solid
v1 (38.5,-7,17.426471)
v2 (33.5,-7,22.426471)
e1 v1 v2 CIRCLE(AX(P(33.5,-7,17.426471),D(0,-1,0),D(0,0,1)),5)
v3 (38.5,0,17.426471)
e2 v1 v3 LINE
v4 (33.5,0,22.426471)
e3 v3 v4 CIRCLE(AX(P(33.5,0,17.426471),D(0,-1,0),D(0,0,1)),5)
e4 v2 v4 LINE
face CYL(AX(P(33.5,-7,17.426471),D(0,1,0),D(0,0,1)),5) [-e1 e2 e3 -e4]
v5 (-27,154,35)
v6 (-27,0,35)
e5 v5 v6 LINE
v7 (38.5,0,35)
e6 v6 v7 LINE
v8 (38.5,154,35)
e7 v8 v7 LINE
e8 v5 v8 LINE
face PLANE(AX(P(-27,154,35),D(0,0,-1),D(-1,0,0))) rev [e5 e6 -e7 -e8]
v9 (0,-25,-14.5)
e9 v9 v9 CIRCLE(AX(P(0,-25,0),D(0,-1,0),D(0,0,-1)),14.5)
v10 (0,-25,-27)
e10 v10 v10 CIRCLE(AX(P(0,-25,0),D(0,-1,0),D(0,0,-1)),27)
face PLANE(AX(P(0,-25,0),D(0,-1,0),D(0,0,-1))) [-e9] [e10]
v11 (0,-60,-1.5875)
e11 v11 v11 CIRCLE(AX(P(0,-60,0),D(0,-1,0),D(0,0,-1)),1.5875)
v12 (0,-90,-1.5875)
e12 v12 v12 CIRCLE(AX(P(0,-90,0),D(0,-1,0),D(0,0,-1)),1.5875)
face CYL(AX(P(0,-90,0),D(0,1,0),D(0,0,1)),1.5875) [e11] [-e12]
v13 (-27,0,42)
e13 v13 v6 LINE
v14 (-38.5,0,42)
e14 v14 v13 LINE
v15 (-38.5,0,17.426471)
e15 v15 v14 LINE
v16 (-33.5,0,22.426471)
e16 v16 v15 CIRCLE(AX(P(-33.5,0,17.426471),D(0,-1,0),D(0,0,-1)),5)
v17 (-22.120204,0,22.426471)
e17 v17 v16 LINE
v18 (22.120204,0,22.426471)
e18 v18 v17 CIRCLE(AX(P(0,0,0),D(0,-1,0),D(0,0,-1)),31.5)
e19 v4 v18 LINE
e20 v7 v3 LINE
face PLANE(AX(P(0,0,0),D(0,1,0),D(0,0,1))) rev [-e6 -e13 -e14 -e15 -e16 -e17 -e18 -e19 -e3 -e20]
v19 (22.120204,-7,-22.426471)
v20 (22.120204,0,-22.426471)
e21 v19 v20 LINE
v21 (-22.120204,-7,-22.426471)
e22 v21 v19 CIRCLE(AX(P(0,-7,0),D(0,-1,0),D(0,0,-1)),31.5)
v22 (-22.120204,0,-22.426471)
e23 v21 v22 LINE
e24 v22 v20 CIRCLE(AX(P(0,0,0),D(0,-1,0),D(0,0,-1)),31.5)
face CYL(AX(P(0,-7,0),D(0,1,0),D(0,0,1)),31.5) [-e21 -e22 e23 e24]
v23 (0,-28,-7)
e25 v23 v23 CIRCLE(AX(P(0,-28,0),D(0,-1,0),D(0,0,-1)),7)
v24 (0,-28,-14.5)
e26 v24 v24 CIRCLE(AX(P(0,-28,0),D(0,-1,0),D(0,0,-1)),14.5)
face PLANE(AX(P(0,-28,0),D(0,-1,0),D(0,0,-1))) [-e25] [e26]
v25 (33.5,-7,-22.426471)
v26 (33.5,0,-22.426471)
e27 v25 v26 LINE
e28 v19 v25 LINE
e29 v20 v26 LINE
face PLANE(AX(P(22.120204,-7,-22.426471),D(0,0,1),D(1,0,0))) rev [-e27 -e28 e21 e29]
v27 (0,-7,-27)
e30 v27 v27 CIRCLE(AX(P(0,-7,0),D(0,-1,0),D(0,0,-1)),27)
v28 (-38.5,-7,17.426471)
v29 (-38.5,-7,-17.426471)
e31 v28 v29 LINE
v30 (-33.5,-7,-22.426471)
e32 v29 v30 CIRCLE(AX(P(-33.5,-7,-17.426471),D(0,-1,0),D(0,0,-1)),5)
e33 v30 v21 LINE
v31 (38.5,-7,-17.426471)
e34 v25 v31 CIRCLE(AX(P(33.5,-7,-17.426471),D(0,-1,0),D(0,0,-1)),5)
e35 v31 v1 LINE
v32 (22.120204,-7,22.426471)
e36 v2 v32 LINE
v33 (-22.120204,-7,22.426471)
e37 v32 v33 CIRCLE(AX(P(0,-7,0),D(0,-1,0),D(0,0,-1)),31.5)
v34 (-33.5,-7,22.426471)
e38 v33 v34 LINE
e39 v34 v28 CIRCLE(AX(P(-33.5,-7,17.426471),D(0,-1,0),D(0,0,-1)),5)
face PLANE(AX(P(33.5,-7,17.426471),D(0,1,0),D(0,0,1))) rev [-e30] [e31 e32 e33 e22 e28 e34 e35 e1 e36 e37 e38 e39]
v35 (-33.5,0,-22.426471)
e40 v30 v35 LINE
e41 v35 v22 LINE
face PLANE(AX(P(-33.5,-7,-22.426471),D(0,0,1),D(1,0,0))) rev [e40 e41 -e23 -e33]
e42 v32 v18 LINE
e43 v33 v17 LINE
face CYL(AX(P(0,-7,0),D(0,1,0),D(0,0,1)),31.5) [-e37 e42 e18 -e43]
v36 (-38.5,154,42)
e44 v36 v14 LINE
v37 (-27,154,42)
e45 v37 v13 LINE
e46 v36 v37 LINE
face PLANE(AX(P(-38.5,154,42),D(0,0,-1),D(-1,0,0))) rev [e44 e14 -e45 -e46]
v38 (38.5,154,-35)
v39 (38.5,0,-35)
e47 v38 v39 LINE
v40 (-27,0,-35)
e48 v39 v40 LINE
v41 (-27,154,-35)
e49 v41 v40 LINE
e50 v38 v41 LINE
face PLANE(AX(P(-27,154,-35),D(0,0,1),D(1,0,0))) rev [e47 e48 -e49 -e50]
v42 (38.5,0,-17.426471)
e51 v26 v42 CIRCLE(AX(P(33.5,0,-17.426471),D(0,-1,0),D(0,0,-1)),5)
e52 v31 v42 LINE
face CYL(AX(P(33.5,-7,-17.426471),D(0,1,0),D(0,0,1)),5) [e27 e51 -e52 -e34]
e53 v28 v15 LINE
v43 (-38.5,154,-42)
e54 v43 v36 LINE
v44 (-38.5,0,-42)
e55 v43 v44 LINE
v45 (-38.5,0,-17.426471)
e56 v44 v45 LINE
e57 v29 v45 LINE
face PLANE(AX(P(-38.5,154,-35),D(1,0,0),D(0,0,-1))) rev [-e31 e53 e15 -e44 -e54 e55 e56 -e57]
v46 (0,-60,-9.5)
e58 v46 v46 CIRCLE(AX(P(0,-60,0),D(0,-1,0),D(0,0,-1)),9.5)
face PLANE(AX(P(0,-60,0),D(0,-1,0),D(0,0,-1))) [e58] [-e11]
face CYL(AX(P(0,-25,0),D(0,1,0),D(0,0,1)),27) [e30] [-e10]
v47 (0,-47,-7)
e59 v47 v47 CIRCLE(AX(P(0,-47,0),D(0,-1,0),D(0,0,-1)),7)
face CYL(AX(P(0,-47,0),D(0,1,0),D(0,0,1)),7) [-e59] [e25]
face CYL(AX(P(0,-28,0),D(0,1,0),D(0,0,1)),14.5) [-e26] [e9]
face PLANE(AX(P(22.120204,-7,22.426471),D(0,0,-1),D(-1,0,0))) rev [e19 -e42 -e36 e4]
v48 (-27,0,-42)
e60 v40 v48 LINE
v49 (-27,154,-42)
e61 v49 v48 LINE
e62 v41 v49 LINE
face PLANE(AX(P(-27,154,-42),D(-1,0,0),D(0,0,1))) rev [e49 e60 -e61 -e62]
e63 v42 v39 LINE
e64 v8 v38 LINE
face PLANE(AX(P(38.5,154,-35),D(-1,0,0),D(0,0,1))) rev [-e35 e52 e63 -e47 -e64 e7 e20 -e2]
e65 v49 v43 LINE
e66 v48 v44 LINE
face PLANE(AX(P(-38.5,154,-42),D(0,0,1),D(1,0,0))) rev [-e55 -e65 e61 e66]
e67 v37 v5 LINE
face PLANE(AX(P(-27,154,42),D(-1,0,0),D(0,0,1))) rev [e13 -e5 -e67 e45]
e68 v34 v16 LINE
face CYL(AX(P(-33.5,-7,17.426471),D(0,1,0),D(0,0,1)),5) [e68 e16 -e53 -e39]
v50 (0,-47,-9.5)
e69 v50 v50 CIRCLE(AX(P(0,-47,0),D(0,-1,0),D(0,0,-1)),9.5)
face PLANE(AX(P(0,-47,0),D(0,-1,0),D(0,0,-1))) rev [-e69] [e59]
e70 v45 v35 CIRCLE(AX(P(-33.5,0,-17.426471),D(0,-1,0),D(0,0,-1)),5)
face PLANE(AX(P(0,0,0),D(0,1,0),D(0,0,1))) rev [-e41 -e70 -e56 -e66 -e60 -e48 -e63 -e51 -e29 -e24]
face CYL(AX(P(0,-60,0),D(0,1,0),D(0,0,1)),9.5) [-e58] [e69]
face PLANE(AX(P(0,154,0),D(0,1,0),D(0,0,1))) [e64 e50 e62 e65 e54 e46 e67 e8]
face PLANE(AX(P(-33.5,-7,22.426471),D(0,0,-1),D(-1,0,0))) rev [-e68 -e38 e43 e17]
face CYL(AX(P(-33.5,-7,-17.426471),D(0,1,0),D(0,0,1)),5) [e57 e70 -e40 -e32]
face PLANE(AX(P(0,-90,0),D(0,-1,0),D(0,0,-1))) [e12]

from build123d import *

# Parameters (mm, degrees)
BODY_EXTRUD_DEPTH   = 154
BOSS_EXTRUDE2_DEPTH = 7
SKETCH3_R           = 27
BOSS_EXTRUDE3_DEPTH = 18
SKETCH4_R           = 14.5
BOSS_EXTRUDE4_DEPTH = 3
SKETCH5_R           = 7
BOSS_EXTRUDE5_DEPTH = 19
SKETCH6_R           = 9.5
BOSS_EXTRUDE6_DEPTH = 13
SKETCH7_R           = 1.5875
BOSS_EXTRUDE7_DEPTH = 30


with BuildPart() as part:
    # Body → Body_extrud (new body)
    with BuildSketch(Plane(origin=(0, 0, 0), x_dir=(1, 0, 0), z_dir=(0, 1, 0))):
        Polygon((-38.5, -35), (-38.5, -42), (-27, -42), (-27, -35), (38.5, -35), (38.5, 35), (-27, 35), (-27, 42), (-38.5, 42), (-38.5, 35), align=None)
    extrude(amount=BODY_EXTRUD_DEPTH)

    # Sketch2 → Boss-Extrude2 (add)
    with BuildSketch(Plane.XZ):
        with BuildLine():
            Line((-33.5, 22.426470588), (-22.120203818, 22.426470588))
            ThreePointArc((-22.120203818, 22.426470588), (0, 31.5), (22.120203818, 22.426470588))
            Line((22.120203818, 22.426470588), (33.5, 22.426470588))
            ThreePointArc((33.5, 22.426470588), (37.035533906, 20.962004494), (38.5, 17.426470588))
            Line((38.5, 17.426470588), (38.5, -17.426470588))
            ThreePointArc((38.5, -17.426470588), (37.035533906, -20.962004494), (33.5, -22.426470588))
            Line((33.5, -22.426470588), (22.120203818, -22.426470588))
            ThreePointArc((22.120203818, -22.426470588), (0, -31.5), (-22.120203818, -22.426470588))
            Line((-22.120203818, -22.426470588), (-33.5, -22.426470588))
            ThreePointArc((-33.5, -22.426470588), (-37.035533906, -20.962004494), (-38.5, -17.426470588))
            Line((-38.5, -17.426470588), (-38.5, 17.426470588))
            ThreePointArc((-38.5, 17.426470588), (-37.035533906, 20.962004494), (-33.5, 22.426470588))
        make_face()
    extrude(amount=BOSS_EXTRUDE2_DEPTH)

    # Sketch3 → Boss-Extrude3 (add)
    with BuildSketch(Plane(origin=(0, -7, 0), x_dir=(-1, 0, 0), z_dir=(0, -1, 0))):
        Circle(SKETCH3_R)
    extrude(amount=BOSS_EXTRUDE3_DEPTH)

    # Sketch4 → Boss-Extrude4 (add)
    with BuildSketch(Plane(origin=(0, -25, 0), x_dir=(-1, 0, 0), z_dir=(0, -1, 0))):
        Circle(SKETCH4_R)
    extrude(amount=BOSS_EXTRUDE4_DEPTH)

    # Sketch5 → Boss-Extrude5 (add)
    with BuildSketch(Plane(origin=(0, -28, 0), x_dir=(-1, 0, 0), z_dir=(0, -1, 0))):
        Circle(SKETCH5_R)
    extrude(amount=BOSS_EXTRUDE5_DEPTH)

    # Sketch6 → Boss-Extrude6 (add)
    with BuildSketch(Plane.XZ.offset(47)):
        Circle(SKETCH6_R)
    extrude(amount=BOSS_EXTRUDE6_DEPTH)

    # Sketch7 → Boss-Extrude7 (add)
    with BuildSketch(Plane.XZ.offset(60)):
        Circle(SKETCH7_R)
    extrude(amount=BOSS_EXTRUDE7_DEPTH)


solid = part.part
